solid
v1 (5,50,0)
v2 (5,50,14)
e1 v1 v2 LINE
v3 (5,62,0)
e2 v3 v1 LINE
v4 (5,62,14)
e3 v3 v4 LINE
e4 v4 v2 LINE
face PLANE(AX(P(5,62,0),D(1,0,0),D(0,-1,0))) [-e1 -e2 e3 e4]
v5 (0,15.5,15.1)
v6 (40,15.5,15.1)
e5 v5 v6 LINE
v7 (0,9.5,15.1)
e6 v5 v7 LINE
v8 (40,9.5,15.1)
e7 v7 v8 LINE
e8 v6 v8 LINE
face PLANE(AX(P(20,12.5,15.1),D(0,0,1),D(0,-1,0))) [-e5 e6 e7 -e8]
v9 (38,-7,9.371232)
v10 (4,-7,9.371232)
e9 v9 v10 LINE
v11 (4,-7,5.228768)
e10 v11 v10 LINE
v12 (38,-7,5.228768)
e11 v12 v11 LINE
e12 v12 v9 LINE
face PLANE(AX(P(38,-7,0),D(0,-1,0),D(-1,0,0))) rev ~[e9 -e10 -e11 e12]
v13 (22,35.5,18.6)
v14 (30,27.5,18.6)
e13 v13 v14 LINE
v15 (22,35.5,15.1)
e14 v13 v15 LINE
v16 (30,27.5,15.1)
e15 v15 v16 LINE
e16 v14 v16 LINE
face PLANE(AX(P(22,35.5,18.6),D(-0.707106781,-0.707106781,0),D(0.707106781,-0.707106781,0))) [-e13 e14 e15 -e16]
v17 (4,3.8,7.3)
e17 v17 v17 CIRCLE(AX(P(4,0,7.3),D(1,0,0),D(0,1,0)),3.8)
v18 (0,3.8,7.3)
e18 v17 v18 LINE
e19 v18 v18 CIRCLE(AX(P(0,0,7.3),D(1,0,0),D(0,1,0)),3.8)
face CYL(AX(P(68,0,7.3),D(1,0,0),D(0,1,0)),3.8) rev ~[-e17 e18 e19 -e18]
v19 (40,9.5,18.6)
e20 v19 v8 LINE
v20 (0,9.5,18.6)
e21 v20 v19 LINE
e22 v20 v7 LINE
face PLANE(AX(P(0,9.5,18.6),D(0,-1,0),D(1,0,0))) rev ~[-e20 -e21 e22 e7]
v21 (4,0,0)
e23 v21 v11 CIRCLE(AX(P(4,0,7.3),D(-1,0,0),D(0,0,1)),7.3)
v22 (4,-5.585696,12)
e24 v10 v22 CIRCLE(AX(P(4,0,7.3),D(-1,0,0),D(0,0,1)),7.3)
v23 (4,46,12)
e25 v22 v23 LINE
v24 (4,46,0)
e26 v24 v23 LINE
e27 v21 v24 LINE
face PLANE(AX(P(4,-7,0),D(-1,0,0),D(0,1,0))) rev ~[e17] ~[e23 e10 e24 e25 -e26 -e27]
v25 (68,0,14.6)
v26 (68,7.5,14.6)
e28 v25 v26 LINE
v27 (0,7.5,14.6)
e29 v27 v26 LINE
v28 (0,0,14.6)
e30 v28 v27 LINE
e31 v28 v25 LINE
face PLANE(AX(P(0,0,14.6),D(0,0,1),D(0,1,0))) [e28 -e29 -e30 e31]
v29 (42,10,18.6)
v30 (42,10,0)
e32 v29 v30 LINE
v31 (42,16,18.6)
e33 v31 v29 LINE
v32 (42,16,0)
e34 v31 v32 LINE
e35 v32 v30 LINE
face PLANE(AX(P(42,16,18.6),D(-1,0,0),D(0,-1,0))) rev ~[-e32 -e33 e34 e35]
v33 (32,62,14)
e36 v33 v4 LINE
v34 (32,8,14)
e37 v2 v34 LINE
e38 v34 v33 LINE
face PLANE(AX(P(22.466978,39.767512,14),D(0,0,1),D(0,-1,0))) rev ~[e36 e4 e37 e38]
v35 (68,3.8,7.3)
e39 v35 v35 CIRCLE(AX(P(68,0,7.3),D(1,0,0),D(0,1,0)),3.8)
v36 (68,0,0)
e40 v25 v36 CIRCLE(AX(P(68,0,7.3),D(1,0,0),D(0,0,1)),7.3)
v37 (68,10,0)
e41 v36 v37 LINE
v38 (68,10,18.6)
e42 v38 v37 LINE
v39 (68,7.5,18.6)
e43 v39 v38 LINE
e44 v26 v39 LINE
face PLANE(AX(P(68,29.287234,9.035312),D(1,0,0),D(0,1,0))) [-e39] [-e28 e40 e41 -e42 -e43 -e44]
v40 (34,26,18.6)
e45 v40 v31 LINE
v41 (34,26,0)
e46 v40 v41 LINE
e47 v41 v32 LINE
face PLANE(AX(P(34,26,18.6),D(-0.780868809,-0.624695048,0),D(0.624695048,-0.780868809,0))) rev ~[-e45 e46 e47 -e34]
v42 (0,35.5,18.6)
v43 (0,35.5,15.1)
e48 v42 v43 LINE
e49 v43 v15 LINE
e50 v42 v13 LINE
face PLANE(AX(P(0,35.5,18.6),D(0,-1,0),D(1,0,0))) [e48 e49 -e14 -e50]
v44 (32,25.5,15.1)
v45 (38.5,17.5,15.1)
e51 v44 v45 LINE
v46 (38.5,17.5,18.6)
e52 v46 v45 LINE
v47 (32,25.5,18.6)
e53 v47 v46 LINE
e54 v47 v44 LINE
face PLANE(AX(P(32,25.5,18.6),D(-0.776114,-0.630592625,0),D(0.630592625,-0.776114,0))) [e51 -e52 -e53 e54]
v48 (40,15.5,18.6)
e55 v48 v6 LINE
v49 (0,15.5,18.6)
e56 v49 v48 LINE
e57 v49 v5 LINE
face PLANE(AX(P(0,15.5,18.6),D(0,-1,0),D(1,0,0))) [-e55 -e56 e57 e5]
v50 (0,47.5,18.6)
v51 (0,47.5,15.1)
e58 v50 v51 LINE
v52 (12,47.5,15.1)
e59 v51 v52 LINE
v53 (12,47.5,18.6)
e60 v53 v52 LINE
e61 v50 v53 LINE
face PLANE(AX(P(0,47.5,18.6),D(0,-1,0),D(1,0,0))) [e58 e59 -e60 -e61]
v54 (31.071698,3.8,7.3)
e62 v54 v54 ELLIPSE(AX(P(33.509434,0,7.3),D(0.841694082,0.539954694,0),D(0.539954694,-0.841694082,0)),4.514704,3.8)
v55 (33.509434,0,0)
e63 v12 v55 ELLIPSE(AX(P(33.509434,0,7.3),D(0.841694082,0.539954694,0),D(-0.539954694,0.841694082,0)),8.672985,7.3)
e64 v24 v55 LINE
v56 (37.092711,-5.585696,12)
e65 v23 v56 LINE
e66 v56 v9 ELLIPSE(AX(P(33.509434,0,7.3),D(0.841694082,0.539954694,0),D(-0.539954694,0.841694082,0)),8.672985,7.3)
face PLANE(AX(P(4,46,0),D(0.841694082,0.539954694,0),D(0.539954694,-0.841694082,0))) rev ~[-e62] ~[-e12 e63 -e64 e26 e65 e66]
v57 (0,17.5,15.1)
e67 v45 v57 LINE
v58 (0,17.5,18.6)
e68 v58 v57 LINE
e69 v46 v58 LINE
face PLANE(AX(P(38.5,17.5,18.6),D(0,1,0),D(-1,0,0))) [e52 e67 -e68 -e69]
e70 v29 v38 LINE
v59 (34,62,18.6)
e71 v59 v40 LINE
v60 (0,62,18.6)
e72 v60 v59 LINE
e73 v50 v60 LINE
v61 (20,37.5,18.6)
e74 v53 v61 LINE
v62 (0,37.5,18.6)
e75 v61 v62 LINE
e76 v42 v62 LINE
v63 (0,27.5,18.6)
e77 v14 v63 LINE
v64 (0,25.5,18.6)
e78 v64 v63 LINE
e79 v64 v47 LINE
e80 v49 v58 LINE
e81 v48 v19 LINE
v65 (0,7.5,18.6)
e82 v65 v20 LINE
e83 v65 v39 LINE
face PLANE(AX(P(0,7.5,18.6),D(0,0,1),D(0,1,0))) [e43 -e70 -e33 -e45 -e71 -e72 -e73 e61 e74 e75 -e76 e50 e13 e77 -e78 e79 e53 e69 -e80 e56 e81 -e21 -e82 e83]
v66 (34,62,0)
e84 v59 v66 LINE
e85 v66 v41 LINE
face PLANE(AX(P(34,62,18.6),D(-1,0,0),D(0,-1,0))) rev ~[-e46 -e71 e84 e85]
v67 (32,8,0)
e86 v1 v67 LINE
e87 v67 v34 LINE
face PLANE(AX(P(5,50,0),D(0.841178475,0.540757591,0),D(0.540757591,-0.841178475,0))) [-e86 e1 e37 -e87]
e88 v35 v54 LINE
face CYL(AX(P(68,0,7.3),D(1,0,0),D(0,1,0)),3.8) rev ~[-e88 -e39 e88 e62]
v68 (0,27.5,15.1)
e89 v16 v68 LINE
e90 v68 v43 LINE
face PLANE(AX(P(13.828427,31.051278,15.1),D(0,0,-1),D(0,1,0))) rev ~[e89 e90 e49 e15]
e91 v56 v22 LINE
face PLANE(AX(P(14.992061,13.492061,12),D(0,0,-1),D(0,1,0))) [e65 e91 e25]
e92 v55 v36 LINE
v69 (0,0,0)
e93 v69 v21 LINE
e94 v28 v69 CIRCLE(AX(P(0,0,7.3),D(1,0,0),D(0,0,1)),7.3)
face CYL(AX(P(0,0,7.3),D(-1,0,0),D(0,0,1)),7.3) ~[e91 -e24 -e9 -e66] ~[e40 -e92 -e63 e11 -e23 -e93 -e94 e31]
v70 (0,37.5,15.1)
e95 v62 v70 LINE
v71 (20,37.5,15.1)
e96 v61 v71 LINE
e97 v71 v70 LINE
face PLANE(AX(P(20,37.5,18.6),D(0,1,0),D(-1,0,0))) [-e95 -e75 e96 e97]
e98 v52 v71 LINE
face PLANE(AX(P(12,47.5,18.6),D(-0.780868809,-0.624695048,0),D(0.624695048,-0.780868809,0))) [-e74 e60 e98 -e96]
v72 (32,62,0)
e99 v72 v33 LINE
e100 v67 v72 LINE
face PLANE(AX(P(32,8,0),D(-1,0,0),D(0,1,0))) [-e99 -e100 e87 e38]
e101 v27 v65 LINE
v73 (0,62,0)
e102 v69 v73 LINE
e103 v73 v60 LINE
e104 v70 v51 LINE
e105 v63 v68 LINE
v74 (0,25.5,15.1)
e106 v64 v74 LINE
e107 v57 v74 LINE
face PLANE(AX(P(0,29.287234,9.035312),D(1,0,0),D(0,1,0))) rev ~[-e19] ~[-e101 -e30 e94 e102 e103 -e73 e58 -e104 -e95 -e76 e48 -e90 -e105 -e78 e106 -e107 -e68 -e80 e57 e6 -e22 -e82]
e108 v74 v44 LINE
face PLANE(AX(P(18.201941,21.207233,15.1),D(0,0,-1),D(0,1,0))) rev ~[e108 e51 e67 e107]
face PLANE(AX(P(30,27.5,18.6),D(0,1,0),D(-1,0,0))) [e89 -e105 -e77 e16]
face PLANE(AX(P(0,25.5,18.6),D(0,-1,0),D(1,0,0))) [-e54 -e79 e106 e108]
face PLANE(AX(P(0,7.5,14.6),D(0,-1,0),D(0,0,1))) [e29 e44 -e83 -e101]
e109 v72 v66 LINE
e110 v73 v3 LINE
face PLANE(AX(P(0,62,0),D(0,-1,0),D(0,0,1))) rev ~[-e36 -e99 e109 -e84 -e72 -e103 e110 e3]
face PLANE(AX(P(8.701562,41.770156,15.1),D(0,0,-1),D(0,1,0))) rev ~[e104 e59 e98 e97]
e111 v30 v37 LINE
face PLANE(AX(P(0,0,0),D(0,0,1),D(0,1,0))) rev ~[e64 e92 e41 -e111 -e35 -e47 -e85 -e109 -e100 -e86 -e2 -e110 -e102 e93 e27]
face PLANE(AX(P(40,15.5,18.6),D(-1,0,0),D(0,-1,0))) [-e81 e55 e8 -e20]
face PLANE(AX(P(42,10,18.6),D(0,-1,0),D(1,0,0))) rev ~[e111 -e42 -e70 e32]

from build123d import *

# Parameters (mm, degrees)
PAD_DEPTH       = 68
SKETCH001_R     = 3.8
POCKET_DEPTH    = 68.001
POCKET001_DEPTH = 18.601
SKETCH003_W     = 6
SKETCH003_H     = 40
POCKET002_DEPTH = 3.5
POCKET003_DEPTH = 12
POCKET004_DEPTH = 14


with BuildPart() as part:
    # Sketch → Pad (new body)
    with BuildSketch(Plane.YZ):
        with BuildLine():
            ThreePointArc((0, 14.6), (-7.3, 7.3), (0, 0))
            Line((0, 0), (62, 0))
            Line((62, 0), (62, 18.6))
            Line((7.5, 18.6), (62, 18.6))
            Line((7.5, 14.6), (7.5, 18.6))
            Line((0, 14.6), (7.5, 14.6))
        make_face()
    extrude(amount=PAD_DEPTH)

    # Sketch001 (on Face8 of Pad) → Pocket (cut, through all)
    with BuildSketch(Plane.YZ.offset(68)):
        with Locations((0, 7.3)):
            Circle(SKETCH001_R)
    extrude(amount=-POCKET_DEPTH, mode=Mode.SUBTRACT)

    # Sketch002 (on Face8 of Pocket) → Pocket001 (cut, through all)
    with BuildSketch(Plane(origin=(0, 0, 18.6), x_dir=(0, -1, 0), z_dir=(0, 0, 1))):
        Polygon((-62, 34), (-26, 34), (-16, 42), (-10, 42), (-10, 68), (-62, 68), align=None)
    extrude(amount=-POCKET001_DEPTH, mode=Mode.SUBTRACT)

    # Sketch003 (on Face12 of Pocket001) → Pocket002 (cut)
    with BuildSketch(Plane(origin=(0, 0, 18.6), x_dir=(0, -1, 0), z_dir=(0, 0, 1))):
        with Locations((-12.5, 20)):
            Rectangle(SKETCH003_W, SKETCH003_H)
        Polygon((-25.5, 0), (-25.5, 32), (-17.5, 38.5), (-17.5, 0), align=None)
        Polygon((-35.5, 0), (-35.5, 22), (-27.5, 30), (-27.5, 0), align=None)
        Polygon((-47.5, 0), (-47.5, 12), (-37.5, 20), (-37.5, 0), align=None)
    extrude(amount=-POCKET002_DEPTH, mode=Mode.SUBTRACT)

    # Sketch004 (on Face3 of Pocket002) → Pocket003 (cut)
    with BuildSketch(Plane.YX):
        Polygon((-7, 38), (-7, 4), (46, 4), align=None)
    extrude(amount=-POCKET003_DEPTH, mode=Mode.SUBTRACT)

    # Sketch005 (on Face3 of Pocket003) → Pocket004 (cut)
    with BuildSketch(Plane.YX):
        Polygon((8, 32), (62, 32), (62, 5), (50, 5), align=None)
    extrude(amount=-POCKET004_DEPTH, mode=Mode.SUBTRACT)


solid = part.part
